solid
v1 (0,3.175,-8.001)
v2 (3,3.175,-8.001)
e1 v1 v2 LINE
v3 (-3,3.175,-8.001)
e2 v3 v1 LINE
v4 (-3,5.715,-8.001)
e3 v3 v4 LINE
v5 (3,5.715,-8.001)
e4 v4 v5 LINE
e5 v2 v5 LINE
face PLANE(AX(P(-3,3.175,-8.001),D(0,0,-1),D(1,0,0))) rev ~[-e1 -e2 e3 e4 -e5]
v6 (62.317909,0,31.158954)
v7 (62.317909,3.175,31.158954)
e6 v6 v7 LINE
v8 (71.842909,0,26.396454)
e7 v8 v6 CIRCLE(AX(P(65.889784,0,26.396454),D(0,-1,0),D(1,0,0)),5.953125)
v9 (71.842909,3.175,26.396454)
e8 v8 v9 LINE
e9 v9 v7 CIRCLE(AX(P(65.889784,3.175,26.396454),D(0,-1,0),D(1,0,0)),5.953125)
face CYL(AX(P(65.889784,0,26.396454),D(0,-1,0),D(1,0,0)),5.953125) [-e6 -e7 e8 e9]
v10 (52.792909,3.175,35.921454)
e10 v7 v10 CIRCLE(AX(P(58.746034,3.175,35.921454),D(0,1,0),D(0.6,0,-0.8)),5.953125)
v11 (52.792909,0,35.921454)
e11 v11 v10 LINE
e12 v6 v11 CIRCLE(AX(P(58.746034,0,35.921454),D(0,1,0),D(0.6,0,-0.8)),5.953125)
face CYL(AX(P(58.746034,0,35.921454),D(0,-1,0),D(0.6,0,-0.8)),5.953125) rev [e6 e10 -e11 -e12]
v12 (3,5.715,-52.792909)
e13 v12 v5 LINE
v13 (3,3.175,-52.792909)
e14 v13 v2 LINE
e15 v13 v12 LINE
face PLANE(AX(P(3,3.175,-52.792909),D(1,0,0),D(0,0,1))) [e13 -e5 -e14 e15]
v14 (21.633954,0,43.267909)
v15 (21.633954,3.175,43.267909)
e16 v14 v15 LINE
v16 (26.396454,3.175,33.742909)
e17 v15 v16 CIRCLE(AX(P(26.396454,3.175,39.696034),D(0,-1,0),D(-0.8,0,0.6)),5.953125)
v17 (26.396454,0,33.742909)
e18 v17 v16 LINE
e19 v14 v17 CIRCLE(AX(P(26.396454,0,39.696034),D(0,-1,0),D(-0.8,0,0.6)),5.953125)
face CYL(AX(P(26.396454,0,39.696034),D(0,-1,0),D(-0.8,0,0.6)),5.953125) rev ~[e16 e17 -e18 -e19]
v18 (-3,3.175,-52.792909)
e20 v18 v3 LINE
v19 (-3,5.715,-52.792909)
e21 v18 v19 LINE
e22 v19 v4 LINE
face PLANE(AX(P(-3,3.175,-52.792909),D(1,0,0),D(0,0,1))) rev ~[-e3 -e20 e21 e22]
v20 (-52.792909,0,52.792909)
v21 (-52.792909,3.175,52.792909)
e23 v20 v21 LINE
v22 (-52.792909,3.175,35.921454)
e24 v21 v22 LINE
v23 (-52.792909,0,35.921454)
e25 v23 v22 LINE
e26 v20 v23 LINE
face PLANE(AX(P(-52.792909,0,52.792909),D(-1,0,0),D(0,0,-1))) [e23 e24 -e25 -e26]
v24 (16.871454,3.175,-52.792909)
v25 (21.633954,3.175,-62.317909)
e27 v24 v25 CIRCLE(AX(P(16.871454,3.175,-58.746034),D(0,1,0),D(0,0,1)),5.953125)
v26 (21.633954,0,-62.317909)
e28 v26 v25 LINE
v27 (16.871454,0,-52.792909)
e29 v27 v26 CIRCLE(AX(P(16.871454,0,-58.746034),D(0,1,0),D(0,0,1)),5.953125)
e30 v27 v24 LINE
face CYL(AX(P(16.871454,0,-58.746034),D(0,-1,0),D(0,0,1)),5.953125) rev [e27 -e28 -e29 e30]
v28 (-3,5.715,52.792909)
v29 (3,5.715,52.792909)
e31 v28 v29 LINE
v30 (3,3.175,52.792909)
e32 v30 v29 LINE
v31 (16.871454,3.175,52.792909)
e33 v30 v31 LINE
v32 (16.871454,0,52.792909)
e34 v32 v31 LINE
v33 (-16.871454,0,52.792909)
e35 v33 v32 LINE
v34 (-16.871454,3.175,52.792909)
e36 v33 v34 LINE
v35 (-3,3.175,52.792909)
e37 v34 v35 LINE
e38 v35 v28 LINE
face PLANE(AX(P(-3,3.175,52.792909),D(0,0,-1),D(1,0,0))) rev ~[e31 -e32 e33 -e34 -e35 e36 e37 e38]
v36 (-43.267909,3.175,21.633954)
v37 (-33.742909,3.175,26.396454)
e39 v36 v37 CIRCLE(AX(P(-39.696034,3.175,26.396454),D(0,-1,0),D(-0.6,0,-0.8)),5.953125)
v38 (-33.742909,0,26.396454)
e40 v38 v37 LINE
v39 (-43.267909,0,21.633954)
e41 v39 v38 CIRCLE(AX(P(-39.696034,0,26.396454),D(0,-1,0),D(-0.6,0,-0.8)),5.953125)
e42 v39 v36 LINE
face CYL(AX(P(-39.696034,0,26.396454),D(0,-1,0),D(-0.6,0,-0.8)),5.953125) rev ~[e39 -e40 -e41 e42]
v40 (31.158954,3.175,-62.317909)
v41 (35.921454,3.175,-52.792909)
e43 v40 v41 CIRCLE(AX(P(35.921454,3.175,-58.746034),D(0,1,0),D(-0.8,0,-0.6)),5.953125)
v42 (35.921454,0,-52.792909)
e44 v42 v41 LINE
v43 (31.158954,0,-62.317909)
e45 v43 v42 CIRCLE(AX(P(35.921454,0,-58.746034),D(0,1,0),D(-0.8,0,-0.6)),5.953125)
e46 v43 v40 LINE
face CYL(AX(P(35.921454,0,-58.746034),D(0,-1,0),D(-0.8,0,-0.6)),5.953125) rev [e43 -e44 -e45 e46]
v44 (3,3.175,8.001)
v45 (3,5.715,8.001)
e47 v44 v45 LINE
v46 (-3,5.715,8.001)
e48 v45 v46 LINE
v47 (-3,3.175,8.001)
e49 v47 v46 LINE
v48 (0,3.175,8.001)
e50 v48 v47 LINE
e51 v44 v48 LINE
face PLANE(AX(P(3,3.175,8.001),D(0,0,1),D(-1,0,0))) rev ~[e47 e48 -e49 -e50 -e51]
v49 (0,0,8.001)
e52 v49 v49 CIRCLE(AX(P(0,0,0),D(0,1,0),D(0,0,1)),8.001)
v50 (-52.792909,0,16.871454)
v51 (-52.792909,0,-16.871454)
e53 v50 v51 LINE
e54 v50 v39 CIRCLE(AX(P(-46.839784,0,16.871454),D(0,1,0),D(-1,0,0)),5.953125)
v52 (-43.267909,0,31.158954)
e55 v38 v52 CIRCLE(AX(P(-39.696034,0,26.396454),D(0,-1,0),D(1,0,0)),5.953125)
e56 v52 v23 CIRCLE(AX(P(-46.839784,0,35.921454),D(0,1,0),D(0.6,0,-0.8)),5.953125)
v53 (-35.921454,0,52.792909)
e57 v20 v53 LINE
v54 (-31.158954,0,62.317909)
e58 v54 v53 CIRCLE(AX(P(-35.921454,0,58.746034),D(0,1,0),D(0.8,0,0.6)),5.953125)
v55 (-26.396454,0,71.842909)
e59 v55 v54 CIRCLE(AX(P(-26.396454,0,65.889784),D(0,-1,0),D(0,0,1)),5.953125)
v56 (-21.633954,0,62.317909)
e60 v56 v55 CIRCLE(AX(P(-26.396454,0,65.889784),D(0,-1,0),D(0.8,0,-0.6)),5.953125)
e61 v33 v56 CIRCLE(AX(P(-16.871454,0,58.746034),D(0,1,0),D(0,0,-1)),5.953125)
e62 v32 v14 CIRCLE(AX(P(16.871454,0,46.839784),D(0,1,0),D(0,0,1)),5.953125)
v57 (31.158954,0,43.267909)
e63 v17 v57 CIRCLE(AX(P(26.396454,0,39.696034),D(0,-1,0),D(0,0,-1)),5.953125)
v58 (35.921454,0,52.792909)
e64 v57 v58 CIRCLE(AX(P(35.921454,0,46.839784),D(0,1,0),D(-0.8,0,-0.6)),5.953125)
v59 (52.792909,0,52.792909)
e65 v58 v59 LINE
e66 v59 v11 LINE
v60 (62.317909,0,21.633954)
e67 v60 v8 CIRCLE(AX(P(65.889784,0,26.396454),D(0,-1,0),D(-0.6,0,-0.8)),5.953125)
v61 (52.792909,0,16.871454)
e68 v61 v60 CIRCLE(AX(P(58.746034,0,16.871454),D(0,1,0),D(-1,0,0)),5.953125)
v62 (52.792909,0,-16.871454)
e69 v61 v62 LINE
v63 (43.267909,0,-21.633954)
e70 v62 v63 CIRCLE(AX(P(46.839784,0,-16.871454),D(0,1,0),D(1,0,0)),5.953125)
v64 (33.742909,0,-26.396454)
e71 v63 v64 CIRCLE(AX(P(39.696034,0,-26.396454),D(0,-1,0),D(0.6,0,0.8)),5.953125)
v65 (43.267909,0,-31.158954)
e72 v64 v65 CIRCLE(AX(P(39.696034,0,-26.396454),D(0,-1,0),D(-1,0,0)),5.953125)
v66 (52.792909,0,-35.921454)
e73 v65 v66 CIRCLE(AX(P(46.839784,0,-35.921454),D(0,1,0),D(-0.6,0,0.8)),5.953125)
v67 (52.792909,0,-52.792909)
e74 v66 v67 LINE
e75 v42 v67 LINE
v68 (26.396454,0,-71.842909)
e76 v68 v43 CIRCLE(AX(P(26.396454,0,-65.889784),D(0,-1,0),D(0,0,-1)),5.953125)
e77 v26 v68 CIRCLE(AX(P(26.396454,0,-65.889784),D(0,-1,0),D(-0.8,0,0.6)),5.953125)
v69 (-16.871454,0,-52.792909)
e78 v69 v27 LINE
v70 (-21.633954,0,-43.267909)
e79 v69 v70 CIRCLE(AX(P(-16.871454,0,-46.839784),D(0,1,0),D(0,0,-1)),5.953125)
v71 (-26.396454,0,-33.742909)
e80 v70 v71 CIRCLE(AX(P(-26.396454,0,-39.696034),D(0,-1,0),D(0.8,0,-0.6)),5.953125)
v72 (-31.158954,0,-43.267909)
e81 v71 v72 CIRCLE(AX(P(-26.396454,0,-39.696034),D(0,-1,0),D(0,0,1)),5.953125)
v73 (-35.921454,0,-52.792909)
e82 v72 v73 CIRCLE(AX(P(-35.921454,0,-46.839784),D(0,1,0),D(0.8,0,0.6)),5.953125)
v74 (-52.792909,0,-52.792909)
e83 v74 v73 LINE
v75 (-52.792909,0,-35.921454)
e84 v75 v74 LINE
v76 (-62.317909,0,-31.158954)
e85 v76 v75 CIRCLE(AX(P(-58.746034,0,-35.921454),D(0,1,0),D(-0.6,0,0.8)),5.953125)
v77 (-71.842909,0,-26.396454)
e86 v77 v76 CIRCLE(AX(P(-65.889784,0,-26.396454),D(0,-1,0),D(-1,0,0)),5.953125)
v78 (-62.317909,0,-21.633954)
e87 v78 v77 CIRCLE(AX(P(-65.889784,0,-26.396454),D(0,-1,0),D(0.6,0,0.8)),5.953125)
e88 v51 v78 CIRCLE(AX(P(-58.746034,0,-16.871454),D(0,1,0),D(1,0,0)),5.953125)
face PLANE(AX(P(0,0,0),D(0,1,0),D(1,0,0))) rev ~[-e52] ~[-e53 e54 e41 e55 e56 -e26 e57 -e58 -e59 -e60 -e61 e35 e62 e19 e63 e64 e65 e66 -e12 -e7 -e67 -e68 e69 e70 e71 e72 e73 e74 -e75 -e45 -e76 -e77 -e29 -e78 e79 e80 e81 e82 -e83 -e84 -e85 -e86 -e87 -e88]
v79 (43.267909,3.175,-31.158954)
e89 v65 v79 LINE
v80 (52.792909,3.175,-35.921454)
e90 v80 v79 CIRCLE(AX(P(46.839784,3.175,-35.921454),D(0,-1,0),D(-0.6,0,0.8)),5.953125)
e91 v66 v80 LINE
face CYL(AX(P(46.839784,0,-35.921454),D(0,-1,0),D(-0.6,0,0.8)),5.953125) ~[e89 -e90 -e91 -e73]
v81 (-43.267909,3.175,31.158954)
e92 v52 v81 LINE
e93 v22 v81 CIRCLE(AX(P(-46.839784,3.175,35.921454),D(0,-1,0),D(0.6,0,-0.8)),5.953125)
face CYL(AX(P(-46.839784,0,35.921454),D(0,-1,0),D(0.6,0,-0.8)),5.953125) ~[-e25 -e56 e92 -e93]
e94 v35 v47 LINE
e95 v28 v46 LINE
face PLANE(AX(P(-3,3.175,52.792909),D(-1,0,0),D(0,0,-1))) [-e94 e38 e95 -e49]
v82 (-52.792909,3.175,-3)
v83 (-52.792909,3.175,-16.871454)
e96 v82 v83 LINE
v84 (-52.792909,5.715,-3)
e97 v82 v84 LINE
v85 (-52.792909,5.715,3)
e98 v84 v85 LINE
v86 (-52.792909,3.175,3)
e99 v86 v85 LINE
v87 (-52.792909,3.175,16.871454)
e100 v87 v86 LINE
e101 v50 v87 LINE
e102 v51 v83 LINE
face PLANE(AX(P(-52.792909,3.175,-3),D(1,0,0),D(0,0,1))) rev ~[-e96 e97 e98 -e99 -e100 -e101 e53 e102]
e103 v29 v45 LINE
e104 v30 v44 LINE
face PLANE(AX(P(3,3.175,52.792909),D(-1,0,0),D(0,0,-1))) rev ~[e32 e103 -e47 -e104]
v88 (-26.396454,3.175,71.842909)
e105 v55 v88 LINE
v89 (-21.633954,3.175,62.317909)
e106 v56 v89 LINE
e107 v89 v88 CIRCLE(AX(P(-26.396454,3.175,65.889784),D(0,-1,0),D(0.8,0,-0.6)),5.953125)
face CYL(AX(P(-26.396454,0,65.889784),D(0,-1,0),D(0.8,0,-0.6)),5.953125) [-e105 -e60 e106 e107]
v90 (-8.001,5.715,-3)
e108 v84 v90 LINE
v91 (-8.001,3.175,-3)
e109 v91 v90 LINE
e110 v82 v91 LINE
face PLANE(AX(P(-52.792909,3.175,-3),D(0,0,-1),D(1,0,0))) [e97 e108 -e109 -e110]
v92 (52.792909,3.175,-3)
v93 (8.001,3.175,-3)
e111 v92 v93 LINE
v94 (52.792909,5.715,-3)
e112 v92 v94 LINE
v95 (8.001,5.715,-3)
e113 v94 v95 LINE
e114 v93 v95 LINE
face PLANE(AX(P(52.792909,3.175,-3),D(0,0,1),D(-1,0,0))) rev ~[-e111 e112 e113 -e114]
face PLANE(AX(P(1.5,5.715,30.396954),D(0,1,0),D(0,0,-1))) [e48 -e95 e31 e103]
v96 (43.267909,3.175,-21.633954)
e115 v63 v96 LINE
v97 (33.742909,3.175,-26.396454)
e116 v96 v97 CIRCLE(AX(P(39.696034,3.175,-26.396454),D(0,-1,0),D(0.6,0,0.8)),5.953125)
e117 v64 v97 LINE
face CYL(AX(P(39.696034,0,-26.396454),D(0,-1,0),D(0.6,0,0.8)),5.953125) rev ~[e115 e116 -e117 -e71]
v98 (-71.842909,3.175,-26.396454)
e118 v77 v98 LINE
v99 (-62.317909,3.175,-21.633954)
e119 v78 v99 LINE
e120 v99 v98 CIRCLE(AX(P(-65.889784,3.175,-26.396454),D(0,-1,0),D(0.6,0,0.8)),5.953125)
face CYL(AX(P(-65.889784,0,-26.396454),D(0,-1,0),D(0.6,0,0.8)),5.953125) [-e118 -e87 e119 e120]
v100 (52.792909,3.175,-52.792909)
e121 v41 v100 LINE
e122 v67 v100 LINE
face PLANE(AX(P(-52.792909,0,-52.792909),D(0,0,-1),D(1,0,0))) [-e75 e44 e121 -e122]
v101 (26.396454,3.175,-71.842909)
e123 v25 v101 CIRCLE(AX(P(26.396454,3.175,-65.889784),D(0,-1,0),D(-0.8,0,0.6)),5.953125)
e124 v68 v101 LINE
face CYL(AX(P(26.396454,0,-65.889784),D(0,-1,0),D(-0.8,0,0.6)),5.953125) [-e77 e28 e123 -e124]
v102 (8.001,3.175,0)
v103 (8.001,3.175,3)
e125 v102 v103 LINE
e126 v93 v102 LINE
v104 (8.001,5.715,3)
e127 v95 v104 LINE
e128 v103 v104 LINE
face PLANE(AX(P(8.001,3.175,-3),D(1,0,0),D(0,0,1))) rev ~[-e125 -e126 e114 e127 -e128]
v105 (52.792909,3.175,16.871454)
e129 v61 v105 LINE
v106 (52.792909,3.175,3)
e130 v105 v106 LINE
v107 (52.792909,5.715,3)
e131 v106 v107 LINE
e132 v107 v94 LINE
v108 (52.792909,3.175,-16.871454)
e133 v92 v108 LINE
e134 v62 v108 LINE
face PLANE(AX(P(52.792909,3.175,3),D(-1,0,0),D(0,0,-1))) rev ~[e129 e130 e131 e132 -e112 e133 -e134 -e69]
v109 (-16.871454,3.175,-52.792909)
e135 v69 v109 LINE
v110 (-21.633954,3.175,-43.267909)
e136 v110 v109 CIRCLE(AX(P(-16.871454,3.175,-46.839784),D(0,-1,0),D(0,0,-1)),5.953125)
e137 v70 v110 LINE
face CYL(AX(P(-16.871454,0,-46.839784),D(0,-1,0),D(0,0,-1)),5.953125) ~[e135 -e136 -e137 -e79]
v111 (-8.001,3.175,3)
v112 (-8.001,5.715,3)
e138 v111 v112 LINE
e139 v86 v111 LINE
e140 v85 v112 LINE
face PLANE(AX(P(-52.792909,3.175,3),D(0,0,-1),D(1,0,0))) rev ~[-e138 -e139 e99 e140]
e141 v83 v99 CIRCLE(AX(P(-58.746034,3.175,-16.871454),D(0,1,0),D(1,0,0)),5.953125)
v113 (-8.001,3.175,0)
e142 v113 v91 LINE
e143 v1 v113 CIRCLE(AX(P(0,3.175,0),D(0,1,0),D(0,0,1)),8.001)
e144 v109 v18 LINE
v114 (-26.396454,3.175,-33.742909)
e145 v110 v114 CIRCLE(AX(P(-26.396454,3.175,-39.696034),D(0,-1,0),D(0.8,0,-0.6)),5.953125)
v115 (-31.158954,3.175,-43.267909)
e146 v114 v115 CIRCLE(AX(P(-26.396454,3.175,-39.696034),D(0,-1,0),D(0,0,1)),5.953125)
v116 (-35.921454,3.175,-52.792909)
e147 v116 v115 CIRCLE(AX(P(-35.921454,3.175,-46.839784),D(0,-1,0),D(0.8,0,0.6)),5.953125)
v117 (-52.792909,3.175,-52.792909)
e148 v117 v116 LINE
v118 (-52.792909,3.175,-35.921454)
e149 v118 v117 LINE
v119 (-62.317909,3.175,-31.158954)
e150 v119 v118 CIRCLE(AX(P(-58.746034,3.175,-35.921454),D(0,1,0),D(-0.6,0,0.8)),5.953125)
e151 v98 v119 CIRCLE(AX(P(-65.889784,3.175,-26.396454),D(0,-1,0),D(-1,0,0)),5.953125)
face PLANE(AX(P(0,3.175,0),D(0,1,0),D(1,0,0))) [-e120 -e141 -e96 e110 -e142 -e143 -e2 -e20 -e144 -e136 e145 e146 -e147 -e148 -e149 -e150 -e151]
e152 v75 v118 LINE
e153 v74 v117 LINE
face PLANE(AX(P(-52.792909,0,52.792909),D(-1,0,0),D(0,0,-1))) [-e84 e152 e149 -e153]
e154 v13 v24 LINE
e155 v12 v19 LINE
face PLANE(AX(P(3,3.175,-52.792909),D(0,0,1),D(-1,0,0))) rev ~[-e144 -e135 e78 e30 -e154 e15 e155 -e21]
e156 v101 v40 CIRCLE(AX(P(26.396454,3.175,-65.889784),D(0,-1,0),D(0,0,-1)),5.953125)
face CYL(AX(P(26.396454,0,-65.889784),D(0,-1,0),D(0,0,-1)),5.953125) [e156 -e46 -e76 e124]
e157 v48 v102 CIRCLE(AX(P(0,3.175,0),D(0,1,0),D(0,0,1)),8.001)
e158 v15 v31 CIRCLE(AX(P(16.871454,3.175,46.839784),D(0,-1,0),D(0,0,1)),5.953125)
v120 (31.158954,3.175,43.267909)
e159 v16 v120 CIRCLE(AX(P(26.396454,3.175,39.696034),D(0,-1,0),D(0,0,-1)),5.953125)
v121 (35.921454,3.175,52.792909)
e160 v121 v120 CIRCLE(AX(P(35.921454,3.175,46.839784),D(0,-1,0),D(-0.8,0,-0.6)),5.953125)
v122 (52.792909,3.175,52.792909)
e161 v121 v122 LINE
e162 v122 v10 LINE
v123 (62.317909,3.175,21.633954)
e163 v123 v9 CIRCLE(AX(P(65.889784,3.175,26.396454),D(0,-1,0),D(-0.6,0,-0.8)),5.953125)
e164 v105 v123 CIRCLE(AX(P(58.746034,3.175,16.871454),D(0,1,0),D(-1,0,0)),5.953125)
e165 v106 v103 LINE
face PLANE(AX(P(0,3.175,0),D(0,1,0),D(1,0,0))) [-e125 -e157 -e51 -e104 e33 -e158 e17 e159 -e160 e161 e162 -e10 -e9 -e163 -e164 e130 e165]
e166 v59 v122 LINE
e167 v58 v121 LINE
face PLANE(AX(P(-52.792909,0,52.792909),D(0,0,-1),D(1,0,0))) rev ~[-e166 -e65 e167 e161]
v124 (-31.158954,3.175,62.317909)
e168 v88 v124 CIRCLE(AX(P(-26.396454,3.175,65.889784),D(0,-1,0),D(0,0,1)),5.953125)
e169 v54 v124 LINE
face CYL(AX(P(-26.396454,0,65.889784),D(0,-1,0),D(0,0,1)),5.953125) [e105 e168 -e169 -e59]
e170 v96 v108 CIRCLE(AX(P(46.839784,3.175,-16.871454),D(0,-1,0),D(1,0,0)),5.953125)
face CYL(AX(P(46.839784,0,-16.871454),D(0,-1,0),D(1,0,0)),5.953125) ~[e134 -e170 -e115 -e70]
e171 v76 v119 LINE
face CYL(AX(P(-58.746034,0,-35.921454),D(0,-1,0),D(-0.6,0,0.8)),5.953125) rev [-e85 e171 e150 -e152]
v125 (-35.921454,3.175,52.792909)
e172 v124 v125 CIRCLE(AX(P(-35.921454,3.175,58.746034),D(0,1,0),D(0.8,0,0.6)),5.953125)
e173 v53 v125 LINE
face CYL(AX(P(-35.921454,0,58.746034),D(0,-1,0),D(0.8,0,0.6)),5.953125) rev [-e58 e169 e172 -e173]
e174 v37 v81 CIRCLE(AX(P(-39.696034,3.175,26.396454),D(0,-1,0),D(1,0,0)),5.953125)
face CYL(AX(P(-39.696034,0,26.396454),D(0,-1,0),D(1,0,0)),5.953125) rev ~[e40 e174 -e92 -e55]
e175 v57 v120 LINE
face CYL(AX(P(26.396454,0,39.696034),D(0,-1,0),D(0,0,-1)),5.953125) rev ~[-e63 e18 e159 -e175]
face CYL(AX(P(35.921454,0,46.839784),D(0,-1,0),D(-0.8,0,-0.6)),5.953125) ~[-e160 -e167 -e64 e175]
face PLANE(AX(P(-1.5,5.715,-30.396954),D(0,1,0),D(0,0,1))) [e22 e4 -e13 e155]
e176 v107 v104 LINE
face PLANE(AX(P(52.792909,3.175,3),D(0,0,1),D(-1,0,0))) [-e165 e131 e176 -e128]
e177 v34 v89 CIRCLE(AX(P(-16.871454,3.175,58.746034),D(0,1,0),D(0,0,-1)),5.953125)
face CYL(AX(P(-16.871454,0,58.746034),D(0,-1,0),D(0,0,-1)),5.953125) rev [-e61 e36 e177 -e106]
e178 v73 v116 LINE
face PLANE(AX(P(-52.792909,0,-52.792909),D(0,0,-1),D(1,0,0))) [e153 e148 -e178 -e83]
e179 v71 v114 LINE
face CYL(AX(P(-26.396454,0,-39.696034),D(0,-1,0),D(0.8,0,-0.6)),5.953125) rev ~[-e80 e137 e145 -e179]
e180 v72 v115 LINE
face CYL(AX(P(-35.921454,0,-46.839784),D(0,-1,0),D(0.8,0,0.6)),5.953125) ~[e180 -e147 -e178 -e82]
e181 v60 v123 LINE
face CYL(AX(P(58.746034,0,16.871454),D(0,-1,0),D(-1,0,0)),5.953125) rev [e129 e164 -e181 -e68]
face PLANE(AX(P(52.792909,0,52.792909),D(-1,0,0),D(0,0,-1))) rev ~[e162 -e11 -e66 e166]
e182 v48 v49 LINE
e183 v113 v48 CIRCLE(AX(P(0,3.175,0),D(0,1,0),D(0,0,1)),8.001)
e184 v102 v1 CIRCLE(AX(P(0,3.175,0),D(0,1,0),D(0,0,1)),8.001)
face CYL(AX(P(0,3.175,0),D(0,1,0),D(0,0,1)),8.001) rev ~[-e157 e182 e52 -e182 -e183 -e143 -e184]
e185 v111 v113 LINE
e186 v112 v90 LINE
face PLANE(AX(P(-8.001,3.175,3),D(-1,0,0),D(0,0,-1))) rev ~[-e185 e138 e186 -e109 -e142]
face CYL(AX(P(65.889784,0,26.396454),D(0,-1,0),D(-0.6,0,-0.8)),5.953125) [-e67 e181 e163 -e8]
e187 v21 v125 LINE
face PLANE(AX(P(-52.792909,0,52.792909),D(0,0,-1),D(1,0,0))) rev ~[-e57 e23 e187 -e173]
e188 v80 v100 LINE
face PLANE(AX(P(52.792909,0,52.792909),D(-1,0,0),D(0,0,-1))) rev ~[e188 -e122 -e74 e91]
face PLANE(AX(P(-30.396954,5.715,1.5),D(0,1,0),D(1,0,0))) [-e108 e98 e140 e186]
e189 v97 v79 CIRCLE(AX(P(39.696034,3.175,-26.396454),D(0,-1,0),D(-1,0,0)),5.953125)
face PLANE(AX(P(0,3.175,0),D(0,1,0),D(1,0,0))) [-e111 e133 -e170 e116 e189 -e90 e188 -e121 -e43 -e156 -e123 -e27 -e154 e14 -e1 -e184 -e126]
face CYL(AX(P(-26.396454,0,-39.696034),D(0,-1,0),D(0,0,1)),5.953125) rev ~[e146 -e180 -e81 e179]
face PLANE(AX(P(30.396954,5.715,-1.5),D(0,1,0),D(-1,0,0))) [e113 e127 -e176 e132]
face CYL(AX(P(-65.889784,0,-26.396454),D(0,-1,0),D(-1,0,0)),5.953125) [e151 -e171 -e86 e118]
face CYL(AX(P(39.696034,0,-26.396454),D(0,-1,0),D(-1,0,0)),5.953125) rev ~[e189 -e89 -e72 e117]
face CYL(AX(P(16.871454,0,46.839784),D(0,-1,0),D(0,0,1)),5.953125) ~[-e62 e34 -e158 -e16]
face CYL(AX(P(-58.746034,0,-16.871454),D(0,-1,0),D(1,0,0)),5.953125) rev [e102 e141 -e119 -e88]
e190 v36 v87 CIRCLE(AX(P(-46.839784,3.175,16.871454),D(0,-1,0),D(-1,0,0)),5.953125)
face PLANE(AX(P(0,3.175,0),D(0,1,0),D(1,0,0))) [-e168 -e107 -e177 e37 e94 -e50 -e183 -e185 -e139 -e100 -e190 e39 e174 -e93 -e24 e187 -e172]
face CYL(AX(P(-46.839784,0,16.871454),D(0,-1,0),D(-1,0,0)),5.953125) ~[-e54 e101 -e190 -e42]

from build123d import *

# Parameters (mm, degrees)
SKETCH1_W           = 105.585817276
SKETCH1_H           = 105.585817276
BOSS_EXTRUDE1_DEPTH = 3.175
BOSS_EXTRUDE2_DEPTH = 3.175
CUT_EXTRUDE2_DEPTH  = 90.210847709
CIRPATTERN1_COUNT   = 4
SKETCH4_R           = 8.001
CUT_EXTRUDE3_DEPTH  = 3.175
SKETCH5_W           = 44.791908638
SKETCH5_H           = 3
BOSS_EXTRUDE3_DEPTH = 2.54
CIRPATTERN2_COUNT   = 4


with BuildPart() as part:
    # Sketch1 → Boss-Extrude1 (new body)
    with BuildSketch(Plane(origin=(0, 0, 0), x_dir=(1, 0, 0), z_dir=(0, 1, 0))):
        Rectangle(SKETCH1_W, SKETCH1_H)
    extrude(amount=BOSS_EXTRUDE1_DEPTH)

    # Sketch2 → Boss-Extrude2 (add)
    with BuildSketch(Plane(origin=(0, 0, 0), x_dir=(1, 0, 0), z_dir=(0, 1, 0))):
        with BuildLine():
            Line((-52.792908638, 35.921454319), (-52.792908638, 16.871454319))
            ThreePointArc((-52.792908638, 16.871454319), (-56.083715202, 22.19609119), (-62.317908638, 21.633954319))
            ThreePointArc((-62.317908638, 21.633954319), (-68.552102074, 21.071817448), (-71.842908638, 26.396454319))
            ThreePointArc((-71.842908638, 26.396454319), (-68.552102074, 31.72109119), (-62.317908638, 31.158954319))
            ThreePointArc((-62.317908638, 31.158954319), (-56.083715202, 30.596817448), (-52.792908638, 35.921454319))
        make_face()
    boss_extrude2 = extrude(amount=BOSS_EXTRUDE2_DEPTH)

    # Sketch2<3> → Cut-Extrude2 (cut, through all)
    with BuildSketch(Plane(origin=(0, 0, 0), x_dir=(1, 0, 0), z_dir=(0, 1, 0))):
        with BuildLine():
            Line((-52.792908638, -35.921454319), (-52.792908638, -16.871454319))
            ThreePointArc((-52.792908638, -16.871454319), (-49.502102074, -22.19609119), (-43.267908638, -21.633954319))
            ThreePointArc((-43.267908638, -21.633954319), (-37.033715202, -21.071817448), (-33.742908638, -26.396454319))
            ThreePointArc((-33.742908638, -26.396454319), (-37.033715202, -31.72109119), (-43.267908638, -31.158954319))
            ThreePointArc((-43.267908638, -31.158954319), (-49.502102074, -30.596817448), (-52.792908638, -35.921454319))
        make_face()
    cut_extrude2 = extrude(amount=CUT_EXTRUDE2_DEPTH, mode=Mode.SUBTRACT)

    # CirPattern1: Boss-Extrude2, Cut-Extrude2 ×4 about axis
    cirpattern1_axis = Axis((0, 0, 0), (0, 1, 0))
    add([boss_extrude2.rotate(cirpattern1_axis, i * 360 / CIRPATTERN1_COUNT) for i in range(1, CIRPATTERN1_COUNT)])
    add([cut_extrude2.rotate(cirpattern1_axis, i * 360 / CIRPATTERN1_COUNT) for i in range(1, CIRPATTERN1_COUNT)], mode=Mode.SUBTRACT)

    # Sketch4 → Cut-Extrude3 (cut)
    with BuildSketch(Plane(origin=(0, 3.175, 0), x_dir=(1, 0, 0), z_dir=(0, 1, 0))):
        with Locations(Location((0, 0, 0), (0, 0, 270))):
            Circle(SKETCH4_R)
    extrude(amount=-CUT_EXTRUDE3_DEPTH, mode=Mode.SUBTRACT)

    # Sketch5 → Boss-Extrude3 (add)
    with BuildSketch(Plane(origin=(0, 3.175, 0), x_dir=(1, 0, 0), z_dir=(0, 1, 0))):
        with Locations((-30.396954319, -1.5)):
            Rectangle(SKETCH5_W, SKETCH5_H)
        with Locations((-30.396954319, 1.5)):
            Rectangle(SKETCH5_W, SKETCH5_H)
    boss_extrude3 = extrude(amount=BOSS_EXTRUDE3_DEPTH)

    # CirPattern2: Boss-Extrude3 ×4 about axis
    cirpattern2_axis = Axis((0, 0, 0), (0, 1, 0))
    for i in range(1, CIRPATTERN2_COUNT):
        add(boss_extrude3.rotate(cirpattern2_axis, i * 360 / CIRPATTERN2_COUNT))


solid = part.part
